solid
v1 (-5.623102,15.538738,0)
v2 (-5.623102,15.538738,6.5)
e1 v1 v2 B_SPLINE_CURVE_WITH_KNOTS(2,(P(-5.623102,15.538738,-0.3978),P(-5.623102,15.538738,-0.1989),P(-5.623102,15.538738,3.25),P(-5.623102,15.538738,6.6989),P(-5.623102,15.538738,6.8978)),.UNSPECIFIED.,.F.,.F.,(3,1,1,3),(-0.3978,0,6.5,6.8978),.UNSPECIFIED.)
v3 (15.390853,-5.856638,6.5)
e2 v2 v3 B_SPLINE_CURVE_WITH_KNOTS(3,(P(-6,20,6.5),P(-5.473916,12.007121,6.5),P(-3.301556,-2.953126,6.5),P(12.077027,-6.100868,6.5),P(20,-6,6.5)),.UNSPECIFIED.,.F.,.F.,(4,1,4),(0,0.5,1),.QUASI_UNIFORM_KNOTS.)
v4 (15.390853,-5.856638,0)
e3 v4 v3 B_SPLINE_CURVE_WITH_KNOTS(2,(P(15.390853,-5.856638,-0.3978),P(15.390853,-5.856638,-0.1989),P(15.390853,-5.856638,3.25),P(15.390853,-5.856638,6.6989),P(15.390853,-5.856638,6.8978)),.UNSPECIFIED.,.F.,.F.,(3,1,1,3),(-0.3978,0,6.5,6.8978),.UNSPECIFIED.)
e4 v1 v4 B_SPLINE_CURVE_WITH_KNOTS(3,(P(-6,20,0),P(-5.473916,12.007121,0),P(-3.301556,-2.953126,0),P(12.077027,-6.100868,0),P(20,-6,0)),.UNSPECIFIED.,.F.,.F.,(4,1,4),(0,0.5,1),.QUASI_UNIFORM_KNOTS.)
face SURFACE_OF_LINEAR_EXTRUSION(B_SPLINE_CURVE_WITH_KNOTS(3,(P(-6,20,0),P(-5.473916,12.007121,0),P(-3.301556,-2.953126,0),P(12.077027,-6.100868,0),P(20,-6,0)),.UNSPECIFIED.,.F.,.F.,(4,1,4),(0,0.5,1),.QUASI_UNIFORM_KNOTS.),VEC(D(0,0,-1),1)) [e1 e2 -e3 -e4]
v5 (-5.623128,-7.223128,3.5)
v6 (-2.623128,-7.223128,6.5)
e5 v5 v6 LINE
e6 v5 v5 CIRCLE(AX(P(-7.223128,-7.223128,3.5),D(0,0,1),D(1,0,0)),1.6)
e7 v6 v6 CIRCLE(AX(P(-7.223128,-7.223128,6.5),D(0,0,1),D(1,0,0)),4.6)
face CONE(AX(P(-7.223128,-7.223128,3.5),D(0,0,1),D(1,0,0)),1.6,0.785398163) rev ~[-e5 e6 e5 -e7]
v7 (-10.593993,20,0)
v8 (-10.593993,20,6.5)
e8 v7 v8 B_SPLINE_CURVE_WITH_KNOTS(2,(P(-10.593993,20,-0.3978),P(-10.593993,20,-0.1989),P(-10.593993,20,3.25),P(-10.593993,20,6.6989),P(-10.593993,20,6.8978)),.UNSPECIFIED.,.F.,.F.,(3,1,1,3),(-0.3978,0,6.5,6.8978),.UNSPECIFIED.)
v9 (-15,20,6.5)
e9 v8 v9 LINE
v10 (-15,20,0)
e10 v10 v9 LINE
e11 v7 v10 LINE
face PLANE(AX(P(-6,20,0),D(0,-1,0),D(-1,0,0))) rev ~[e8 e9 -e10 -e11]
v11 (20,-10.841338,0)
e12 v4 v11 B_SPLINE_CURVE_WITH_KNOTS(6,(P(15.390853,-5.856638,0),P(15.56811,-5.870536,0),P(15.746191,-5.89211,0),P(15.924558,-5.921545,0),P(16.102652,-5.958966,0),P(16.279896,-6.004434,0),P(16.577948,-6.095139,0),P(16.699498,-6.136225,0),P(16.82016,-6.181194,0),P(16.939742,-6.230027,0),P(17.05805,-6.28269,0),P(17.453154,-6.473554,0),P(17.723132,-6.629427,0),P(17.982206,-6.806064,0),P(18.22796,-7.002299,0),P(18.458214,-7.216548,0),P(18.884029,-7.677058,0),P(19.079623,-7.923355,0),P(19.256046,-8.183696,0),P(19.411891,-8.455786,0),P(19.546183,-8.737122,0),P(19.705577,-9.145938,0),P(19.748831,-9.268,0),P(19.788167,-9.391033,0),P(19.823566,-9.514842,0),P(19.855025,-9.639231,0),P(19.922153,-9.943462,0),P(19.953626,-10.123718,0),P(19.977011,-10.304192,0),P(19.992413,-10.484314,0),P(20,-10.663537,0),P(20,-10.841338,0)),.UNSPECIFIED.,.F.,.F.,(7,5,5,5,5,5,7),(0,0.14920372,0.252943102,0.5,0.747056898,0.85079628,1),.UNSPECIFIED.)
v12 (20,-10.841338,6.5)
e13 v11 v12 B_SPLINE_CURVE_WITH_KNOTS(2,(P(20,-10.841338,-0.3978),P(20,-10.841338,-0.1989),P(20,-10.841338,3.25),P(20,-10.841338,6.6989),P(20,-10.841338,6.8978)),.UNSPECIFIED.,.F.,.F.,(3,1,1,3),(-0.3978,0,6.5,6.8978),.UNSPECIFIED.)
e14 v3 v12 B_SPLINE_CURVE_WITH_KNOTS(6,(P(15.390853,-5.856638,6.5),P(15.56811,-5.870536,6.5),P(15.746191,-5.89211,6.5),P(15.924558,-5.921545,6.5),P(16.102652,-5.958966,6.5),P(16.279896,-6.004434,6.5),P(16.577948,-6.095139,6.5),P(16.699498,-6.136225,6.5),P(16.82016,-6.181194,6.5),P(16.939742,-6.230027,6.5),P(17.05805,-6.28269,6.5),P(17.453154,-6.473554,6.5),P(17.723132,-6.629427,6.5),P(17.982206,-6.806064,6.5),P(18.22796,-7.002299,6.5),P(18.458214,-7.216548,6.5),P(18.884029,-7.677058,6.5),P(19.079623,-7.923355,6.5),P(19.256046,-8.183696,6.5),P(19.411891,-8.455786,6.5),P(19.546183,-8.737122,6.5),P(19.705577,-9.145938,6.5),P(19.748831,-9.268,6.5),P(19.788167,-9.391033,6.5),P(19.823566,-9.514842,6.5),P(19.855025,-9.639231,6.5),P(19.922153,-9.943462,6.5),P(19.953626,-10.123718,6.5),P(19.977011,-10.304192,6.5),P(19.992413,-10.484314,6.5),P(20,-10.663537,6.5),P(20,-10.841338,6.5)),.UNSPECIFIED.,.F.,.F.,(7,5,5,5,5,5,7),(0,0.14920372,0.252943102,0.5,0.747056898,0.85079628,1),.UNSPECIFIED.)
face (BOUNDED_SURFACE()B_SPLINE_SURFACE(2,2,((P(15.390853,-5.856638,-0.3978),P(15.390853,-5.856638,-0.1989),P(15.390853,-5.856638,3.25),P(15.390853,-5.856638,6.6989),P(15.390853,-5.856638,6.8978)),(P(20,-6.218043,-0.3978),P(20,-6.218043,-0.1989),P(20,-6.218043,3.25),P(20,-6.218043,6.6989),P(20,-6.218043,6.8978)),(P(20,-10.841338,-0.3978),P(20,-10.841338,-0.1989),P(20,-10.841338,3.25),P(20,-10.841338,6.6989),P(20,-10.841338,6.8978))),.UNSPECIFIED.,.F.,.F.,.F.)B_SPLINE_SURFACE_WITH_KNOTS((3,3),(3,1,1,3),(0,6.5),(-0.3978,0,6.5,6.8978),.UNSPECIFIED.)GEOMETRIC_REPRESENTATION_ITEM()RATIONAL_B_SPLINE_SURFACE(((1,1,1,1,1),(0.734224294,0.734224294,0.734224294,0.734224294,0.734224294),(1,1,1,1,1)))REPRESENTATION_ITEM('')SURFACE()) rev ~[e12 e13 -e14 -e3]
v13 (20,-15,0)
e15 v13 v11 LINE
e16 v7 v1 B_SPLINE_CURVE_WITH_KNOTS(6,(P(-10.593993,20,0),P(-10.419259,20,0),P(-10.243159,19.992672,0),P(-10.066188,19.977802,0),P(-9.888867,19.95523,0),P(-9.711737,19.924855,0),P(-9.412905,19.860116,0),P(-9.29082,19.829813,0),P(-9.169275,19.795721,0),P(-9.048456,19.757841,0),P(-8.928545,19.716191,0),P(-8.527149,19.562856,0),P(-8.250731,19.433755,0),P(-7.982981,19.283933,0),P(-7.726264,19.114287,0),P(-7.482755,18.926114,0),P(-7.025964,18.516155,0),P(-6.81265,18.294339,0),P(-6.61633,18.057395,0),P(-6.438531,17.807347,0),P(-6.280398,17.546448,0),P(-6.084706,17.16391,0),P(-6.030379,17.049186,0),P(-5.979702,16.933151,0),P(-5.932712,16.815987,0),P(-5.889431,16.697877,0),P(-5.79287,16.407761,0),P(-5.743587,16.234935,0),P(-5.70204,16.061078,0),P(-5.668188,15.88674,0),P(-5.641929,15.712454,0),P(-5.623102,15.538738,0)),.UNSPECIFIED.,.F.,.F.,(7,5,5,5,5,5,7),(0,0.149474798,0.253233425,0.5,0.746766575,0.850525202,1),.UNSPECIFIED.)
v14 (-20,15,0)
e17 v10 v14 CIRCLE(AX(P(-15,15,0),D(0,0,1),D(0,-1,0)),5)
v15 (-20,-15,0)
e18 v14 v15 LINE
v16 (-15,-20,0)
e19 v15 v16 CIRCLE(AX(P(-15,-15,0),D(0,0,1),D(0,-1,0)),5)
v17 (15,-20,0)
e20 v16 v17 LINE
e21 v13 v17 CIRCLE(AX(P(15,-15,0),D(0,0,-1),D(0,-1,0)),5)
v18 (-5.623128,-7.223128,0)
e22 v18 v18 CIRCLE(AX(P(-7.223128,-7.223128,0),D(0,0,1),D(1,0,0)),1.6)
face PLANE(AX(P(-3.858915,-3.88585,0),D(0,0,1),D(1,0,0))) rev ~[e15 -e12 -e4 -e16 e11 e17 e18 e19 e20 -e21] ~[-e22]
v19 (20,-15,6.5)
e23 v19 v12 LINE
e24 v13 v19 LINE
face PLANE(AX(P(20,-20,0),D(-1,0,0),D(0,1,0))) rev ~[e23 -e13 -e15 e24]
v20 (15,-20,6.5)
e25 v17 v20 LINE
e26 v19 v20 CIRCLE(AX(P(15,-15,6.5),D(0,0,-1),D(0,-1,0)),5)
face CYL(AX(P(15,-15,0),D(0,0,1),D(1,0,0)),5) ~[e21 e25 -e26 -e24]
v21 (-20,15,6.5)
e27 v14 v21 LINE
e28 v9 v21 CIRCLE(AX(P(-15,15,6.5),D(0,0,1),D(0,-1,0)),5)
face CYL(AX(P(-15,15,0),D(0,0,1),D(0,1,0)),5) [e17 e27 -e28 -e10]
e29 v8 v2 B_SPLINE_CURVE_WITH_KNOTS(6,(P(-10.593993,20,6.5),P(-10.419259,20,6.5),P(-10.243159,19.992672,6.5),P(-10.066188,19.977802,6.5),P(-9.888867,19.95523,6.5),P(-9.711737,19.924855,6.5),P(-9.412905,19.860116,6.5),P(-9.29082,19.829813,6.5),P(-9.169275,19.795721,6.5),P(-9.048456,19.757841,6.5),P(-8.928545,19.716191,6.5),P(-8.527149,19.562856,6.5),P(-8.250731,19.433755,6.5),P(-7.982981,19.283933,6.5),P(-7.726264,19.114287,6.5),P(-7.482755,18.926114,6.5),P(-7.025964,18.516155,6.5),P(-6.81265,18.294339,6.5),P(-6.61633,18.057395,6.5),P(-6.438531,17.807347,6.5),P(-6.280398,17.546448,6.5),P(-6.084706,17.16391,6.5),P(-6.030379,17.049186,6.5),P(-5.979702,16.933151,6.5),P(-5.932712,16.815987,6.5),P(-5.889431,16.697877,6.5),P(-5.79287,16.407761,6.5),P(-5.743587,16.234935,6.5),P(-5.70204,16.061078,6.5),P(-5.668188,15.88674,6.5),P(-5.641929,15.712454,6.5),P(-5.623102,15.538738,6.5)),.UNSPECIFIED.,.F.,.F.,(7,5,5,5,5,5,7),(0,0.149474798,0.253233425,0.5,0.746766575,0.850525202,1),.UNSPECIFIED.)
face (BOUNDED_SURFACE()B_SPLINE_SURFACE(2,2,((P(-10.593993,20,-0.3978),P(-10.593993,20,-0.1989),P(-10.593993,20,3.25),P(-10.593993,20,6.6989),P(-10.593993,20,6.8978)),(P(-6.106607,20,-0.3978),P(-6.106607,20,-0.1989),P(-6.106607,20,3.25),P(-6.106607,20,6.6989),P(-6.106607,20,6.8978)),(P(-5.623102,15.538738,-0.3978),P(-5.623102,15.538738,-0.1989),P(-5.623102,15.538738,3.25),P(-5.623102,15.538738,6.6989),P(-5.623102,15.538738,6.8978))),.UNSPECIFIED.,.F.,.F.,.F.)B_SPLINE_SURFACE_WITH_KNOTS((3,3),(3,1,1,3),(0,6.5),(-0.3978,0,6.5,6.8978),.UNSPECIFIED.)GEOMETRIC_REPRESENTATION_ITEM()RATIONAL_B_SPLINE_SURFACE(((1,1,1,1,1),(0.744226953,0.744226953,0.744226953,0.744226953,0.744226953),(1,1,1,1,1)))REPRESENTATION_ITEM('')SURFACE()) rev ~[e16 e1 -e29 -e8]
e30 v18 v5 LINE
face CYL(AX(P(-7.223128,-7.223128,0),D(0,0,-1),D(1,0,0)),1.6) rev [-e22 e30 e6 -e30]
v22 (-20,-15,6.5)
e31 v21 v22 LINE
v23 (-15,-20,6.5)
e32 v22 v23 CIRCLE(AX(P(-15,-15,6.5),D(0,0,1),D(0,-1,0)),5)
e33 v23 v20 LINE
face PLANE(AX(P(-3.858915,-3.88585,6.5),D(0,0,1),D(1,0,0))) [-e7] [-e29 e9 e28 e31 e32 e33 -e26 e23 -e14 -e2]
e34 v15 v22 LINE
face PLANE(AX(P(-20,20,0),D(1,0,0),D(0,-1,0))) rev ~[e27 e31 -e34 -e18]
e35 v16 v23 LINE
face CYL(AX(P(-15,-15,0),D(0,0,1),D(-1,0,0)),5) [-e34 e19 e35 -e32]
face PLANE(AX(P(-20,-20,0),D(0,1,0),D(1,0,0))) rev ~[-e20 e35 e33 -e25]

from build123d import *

# Parameters (mm, degrees)
F1_R     = 1.6
F2_DEPTH = 6.5
F3_SIZE  = 3
F4_R     = 5


with BuildPart() as f2:
    # F1 (on Top) → F2 (new body)
    with BuildSketch(Plane.XY):
        with BuildLine():
            Line((-6, 20), (-20, 20))
            Line((-20, 20), (-20, -20))
            Line((-20, -20), (20, -20))
            Line((20, -20), (20, -6))
            add(Edge.make_bspline(
                [(-6, 20), (-5.4739157377, 12.0071208998), (-3.301555689, -2.9531264796), (12.0770271157, -6.1008679405), (20, -6)],
                knots=[0, 0, 0, 0, 0.5, 1, 1, 1, 1], degree=3))
        make_face()
        with Locations((-7.2231281083, -7.2231281083)):
            Circle(F1_R, mode=Mode.SUBTRACT)
    extrude(amount=F2_DEPTH)

    # F3
    f3_edges = [f2.edges().sort_by_distance(p)[0] for p in [
        (-8.823128, -7.223128, 6.5),
    ]]
    chamfer(f3_edges, length=F3_SIZE)

    # F4
    f4_edges = [f2.edges().sort_by_distance(p)[0] for p in [
        (-20, -20, 3.25),
        (20, -20, 3.25),
        (20, -6, 3.25),
        (-20, 20, 3.25),
        (-6, 20, 3.25),
    ]]
    fillet(f4_edges, radius=F4_R)


solid = f2.part
